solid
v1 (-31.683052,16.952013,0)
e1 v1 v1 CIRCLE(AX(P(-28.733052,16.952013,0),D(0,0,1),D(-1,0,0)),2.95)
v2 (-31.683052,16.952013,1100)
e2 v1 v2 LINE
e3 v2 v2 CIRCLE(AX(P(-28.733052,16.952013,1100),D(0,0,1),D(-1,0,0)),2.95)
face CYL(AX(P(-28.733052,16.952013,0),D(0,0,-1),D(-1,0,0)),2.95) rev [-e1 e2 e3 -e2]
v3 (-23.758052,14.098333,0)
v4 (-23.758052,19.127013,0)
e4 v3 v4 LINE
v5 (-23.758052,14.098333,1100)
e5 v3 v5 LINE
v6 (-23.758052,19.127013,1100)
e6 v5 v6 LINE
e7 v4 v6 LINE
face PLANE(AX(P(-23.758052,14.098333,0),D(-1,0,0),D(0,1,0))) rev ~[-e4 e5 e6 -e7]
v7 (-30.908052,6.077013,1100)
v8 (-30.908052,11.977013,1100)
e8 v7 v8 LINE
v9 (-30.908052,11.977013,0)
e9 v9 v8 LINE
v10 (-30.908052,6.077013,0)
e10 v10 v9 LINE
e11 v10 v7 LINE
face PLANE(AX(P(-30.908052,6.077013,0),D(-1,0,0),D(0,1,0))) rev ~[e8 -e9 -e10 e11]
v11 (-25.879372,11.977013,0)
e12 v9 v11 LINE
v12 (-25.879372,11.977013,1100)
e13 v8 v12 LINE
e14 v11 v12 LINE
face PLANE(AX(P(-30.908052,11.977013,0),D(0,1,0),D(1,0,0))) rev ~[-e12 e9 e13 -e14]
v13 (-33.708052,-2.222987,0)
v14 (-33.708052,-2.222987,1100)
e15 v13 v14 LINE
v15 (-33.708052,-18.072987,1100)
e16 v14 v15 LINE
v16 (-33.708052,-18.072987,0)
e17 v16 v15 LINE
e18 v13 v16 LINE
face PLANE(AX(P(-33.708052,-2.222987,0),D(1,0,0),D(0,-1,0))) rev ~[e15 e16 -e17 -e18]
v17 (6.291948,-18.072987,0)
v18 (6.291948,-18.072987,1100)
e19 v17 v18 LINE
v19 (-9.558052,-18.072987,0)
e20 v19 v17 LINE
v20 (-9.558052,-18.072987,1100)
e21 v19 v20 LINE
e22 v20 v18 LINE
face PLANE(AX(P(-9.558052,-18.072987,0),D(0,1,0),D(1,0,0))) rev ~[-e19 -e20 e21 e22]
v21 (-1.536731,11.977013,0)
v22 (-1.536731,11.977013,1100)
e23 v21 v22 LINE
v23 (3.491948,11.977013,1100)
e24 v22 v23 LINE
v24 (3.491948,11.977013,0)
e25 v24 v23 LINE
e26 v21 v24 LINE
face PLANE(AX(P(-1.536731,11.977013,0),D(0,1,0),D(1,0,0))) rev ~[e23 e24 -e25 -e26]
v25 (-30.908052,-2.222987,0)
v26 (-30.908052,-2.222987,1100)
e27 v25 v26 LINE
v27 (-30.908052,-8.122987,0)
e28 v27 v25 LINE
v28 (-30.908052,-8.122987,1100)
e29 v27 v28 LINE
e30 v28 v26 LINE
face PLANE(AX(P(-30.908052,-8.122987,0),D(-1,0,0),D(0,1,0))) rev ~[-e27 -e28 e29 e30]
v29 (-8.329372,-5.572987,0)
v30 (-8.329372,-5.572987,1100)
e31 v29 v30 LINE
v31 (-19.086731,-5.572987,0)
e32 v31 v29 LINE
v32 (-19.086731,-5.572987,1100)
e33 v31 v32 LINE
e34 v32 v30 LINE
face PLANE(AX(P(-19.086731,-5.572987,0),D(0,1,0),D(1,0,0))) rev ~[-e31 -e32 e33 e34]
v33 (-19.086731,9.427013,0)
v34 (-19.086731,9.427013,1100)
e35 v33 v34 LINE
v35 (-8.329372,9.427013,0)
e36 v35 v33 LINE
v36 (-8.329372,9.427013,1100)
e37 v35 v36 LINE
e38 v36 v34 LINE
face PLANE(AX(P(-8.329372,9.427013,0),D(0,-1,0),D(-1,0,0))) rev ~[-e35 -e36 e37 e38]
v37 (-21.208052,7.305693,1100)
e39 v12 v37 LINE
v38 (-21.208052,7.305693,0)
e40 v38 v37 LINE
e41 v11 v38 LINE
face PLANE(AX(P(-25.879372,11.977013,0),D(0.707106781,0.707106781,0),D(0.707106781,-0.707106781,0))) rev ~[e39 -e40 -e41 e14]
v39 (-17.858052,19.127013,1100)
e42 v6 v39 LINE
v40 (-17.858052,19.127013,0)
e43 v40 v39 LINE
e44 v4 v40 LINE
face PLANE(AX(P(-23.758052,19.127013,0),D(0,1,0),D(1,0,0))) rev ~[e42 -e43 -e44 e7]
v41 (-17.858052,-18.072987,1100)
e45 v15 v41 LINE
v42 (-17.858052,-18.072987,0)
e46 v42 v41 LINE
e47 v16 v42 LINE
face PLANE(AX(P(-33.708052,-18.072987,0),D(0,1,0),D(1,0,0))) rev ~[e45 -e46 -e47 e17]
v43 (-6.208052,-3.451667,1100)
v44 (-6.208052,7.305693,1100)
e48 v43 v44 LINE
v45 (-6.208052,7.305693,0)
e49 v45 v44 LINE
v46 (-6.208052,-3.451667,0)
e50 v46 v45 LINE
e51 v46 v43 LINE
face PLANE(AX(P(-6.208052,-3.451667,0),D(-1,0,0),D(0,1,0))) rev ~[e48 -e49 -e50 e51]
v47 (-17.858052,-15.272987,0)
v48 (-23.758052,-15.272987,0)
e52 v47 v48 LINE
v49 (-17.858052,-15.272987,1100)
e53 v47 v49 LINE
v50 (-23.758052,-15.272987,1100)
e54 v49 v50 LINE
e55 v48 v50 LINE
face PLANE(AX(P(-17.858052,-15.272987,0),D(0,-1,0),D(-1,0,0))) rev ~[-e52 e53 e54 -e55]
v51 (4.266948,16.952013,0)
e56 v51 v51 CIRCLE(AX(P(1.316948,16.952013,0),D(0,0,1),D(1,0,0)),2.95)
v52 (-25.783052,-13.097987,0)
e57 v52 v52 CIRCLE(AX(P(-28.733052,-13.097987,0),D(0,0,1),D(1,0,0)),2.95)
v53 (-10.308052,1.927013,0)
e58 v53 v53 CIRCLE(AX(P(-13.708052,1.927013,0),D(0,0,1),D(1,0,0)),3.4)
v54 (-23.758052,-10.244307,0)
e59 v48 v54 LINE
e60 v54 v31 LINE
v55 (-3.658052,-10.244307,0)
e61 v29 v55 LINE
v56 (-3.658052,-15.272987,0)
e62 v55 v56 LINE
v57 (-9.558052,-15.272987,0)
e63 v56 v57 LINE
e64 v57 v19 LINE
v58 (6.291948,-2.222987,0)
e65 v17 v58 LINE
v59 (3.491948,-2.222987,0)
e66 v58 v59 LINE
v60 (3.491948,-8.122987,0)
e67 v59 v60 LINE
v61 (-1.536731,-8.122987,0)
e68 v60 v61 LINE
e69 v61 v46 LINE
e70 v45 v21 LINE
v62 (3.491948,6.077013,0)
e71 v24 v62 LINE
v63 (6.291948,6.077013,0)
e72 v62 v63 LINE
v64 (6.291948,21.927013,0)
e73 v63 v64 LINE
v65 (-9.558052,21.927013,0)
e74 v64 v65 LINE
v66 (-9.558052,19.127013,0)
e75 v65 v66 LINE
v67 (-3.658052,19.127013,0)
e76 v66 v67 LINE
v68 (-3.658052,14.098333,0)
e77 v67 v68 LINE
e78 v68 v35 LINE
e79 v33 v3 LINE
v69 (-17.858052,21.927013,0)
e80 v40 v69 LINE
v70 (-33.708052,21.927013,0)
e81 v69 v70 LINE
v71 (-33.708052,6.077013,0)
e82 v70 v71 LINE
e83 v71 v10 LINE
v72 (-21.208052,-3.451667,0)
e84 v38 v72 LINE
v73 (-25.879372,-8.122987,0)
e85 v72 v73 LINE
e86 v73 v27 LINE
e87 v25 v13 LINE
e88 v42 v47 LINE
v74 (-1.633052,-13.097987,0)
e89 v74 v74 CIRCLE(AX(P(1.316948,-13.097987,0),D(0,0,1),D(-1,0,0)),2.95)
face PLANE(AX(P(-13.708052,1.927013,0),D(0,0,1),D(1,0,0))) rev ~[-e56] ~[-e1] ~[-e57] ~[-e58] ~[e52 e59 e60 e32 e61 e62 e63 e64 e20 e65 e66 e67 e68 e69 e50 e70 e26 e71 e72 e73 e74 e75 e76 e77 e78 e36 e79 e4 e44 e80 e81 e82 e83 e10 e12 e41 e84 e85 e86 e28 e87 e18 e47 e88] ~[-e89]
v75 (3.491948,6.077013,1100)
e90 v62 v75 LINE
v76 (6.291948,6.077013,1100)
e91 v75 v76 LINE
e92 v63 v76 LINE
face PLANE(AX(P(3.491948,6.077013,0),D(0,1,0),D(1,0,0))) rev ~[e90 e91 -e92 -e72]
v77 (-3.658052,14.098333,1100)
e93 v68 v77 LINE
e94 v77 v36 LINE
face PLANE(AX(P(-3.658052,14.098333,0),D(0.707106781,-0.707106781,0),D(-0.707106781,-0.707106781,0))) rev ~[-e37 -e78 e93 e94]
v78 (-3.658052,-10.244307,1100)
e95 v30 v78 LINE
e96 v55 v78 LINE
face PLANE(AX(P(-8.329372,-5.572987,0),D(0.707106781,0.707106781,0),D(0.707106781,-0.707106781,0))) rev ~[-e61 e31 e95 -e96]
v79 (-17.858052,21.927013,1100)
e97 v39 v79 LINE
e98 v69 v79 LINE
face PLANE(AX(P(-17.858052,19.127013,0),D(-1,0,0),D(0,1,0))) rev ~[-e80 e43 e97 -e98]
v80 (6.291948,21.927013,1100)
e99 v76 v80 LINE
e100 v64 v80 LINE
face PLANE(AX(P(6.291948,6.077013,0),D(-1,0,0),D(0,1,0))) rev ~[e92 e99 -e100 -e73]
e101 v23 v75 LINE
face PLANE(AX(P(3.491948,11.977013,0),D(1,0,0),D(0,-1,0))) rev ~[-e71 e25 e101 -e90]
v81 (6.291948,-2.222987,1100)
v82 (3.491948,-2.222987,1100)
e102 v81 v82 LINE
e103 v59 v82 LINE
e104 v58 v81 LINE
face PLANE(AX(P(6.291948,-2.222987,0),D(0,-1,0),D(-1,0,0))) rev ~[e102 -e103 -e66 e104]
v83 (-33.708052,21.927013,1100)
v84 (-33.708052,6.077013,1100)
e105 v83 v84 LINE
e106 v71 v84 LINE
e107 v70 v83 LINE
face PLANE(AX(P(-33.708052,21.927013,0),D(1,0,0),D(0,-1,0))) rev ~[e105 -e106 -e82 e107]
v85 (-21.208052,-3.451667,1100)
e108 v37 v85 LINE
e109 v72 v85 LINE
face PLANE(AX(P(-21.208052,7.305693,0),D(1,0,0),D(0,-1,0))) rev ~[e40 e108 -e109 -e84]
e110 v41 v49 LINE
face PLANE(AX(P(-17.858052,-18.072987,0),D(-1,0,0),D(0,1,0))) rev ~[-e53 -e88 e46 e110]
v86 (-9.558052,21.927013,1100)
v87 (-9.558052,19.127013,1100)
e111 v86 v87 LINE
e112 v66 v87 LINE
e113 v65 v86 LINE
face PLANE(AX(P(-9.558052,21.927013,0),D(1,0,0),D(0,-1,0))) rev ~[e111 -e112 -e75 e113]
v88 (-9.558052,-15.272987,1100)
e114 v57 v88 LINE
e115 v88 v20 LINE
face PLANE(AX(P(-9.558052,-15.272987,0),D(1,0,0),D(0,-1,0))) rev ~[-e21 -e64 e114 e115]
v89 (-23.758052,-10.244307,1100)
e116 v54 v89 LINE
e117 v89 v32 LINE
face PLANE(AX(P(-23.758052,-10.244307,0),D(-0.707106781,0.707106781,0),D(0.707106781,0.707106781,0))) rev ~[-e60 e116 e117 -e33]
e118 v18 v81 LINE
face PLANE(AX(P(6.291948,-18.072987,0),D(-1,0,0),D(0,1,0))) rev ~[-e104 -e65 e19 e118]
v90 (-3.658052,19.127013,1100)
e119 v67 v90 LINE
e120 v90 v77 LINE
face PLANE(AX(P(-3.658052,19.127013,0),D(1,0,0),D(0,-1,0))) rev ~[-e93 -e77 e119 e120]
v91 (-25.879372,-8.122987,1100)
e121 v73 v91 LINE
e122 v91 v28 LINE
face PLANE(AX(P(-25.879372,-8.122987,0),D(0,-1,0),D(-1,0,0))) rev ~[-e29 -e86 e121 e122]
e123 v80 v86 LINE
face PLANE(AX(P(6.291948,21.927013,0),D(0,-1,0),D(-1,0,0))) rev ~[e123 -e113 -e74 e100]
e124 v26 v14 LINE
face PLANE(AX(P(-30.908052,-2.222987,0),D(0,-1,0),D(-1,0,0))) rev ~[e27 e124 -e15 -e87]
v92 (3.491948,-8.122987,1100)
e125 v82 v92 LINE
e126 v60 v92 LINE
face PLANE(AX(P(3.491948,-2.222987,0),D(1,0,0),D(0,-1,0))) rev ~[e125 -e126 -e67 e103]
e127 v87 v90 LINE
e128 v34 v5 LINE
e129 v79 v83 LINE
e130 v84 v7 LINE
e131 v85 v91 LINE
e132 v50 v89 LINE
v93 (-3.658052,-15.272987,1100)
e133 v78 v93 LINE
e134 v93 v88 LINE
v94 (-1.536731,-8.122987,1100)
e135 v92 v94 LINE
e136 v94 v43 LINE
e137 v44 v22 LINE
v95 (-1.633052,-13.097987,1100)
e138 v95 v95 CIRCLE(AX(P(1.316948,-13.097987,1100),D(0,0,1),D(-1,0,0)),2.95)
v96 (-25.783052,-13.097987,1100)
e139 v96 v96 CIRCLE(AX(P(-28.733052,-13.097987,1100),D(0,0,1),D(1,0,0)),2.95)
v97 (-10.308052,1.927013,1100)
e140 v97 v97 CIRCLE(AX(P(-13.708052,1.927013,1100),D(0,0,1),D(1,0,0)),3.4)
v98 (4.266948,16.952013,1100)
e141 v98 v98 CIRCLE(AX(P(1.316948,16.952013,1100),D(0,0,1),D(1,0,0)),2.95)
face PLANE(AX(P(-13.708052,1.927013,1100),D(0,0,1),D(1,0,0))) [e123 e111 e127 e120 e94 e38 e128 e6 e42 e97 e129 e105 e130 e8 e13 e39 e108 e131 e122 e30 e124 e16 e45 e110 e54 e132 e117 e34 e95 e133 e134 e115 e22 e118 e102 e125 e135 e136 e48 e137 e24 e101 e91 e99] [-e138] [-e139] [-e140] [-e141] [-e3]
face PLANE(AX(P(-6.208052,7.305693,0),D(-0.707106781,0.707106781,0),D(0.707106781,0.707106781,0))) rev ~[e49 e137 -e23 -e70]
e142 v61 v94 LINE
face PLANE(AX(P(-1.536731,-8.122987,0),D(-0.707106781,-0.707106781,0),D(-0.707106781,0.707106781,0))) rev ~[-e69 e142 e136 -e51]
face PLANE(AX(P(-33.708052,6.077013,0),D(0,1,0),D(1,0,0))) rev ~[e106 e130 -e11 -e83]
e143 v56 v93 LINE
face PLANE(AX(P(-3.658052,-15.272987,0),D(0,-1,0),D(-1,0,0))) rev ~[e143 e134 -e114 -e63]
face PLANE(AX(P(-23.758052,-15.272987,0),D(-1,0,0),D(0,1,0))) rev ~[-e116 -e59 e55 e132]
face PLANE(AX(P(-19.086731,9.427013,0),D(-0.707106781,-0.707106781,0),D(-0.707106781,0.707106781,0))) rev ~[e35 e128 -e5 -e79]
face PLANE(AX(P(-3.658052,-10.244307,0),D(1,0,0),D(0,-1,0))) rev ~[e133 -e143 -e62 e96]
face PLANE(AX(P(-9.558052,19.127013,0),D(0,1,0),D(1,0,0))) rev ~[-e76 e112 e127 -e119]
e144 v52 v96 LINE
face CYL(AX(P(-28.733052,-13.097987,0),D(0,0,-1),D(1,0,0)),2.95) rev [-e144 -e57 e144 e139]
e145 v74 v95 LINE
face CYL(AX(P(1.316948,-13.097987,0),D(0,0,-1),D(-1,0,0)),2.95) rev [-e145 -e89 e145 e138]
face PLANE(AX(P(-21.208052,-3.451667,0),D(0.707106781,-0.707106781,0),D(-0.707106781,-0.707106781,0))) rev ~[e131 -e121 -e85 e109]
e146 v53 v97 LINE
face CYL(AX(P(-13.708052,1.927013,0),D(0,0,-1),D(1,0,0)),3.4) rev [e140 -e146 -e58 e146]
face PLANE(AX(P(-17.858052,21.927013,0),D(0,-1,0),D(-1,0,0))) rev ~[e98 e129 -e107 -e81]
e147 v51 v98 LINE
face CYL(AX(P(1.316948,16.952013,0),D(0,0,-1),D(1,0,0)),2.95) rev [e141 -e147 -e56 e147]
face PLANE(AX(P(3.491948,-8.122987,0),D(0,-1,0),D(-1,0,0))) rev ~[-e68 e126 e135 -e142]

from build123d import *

# Parameters (mm, degrees)
SKETCH_1_R      = 3.4
SKETCH_1_R_2    = 2.95
EXTRUDE_1_DEPTH = 1100


with BuildPart() as part:
    # 草图1 → 凸台-拉伸1 (new body)
    with BuildSketch(Plane.XY):
        Polygon((-19.086731265, -5.57298703), (-8.329371952, -5.57298703), (-3.658051608, -10.244307374), (-3.658051608, -15.27298703), (-9.558051608, -15.27298703), (-9.558051608, -18.07298703), (6.291948392, -18.07298703), (6.291948392, -2.22298703), (3.491948392, -2.22298703), (3.491948392, -8.12298703), (-1.536731265, -8.12298703), (-6.208051608, -3.451666687), (-6.208051608, 7.305692626), (-1.536731265, 11.97701297), (3.491948392, 11.97701297), (3.491948392, 6.07701297), (6.291948392, 6.07701297), (6.291948392, 21.92701297), (-9.558051608, 21.92701297), (-9.558051608, 19.12701297), (-3.658051608, 19.12701297), (-3.658051608, 14.098333313), (-8.329371952, 9.42701297), (-19.086731265, 9.42701297), (-23.758051608, 14.098333313), (-23.758051608, 19.12701297), (-17.858051608, 19.12701297), (-17.858051608, 21.92701297), (-33.708051608, 21.92701297), (-33.708051608, 6.07701297), (-30.908051608, 6.07701297), (-30.908051608, 11.97701297), (-25.879371952, 11.97701297), (-21.208051608, 7.305692626), (-21.208051608, -3.451666687), (-25.879371952, -8.12298703), (-30.908051608, -8.12298703), (-30.908051608, -2.22298703), (-33.708051608, -2.22298703), (-33.708051608, -18.07298703), (-17.858051608, -18.07298703), (-17.858051608, -15.27298703), (-23.758051608, -15.27298703), (-23.758051608, -10.244307374), align=None)
        with Locations((-13.708051608, 1.92701297)):
            Circle(SKETCH_1_R, mode=Mode.SUBTRACT)
        with Locations((1.316948392, 16.95201297)):
            Circle(SKETCH_1_R_2, mode=Mode.SUBTRACT)
        with Locations(Location((-28.733051608, 16.95201297, 0), (0, 0, 180))):
            Circle(SKETCH_1_R_2, mode=Mode.SUBTRACT)
        with Locations((-28.733051608, -13.09798703)):
            Circle(SKETCH_1_R_2, mode=Mode.SUBTRACT)
        with Locations(Location((1.316948392, -13.09798703, 0), (0, 0, 180))):
            Circle(SKETCH_1_R_2, mode=Mode.SUBTRACT)
    extrude(amount=EXTRUDE_1_DEPTH)


solid = part.part
